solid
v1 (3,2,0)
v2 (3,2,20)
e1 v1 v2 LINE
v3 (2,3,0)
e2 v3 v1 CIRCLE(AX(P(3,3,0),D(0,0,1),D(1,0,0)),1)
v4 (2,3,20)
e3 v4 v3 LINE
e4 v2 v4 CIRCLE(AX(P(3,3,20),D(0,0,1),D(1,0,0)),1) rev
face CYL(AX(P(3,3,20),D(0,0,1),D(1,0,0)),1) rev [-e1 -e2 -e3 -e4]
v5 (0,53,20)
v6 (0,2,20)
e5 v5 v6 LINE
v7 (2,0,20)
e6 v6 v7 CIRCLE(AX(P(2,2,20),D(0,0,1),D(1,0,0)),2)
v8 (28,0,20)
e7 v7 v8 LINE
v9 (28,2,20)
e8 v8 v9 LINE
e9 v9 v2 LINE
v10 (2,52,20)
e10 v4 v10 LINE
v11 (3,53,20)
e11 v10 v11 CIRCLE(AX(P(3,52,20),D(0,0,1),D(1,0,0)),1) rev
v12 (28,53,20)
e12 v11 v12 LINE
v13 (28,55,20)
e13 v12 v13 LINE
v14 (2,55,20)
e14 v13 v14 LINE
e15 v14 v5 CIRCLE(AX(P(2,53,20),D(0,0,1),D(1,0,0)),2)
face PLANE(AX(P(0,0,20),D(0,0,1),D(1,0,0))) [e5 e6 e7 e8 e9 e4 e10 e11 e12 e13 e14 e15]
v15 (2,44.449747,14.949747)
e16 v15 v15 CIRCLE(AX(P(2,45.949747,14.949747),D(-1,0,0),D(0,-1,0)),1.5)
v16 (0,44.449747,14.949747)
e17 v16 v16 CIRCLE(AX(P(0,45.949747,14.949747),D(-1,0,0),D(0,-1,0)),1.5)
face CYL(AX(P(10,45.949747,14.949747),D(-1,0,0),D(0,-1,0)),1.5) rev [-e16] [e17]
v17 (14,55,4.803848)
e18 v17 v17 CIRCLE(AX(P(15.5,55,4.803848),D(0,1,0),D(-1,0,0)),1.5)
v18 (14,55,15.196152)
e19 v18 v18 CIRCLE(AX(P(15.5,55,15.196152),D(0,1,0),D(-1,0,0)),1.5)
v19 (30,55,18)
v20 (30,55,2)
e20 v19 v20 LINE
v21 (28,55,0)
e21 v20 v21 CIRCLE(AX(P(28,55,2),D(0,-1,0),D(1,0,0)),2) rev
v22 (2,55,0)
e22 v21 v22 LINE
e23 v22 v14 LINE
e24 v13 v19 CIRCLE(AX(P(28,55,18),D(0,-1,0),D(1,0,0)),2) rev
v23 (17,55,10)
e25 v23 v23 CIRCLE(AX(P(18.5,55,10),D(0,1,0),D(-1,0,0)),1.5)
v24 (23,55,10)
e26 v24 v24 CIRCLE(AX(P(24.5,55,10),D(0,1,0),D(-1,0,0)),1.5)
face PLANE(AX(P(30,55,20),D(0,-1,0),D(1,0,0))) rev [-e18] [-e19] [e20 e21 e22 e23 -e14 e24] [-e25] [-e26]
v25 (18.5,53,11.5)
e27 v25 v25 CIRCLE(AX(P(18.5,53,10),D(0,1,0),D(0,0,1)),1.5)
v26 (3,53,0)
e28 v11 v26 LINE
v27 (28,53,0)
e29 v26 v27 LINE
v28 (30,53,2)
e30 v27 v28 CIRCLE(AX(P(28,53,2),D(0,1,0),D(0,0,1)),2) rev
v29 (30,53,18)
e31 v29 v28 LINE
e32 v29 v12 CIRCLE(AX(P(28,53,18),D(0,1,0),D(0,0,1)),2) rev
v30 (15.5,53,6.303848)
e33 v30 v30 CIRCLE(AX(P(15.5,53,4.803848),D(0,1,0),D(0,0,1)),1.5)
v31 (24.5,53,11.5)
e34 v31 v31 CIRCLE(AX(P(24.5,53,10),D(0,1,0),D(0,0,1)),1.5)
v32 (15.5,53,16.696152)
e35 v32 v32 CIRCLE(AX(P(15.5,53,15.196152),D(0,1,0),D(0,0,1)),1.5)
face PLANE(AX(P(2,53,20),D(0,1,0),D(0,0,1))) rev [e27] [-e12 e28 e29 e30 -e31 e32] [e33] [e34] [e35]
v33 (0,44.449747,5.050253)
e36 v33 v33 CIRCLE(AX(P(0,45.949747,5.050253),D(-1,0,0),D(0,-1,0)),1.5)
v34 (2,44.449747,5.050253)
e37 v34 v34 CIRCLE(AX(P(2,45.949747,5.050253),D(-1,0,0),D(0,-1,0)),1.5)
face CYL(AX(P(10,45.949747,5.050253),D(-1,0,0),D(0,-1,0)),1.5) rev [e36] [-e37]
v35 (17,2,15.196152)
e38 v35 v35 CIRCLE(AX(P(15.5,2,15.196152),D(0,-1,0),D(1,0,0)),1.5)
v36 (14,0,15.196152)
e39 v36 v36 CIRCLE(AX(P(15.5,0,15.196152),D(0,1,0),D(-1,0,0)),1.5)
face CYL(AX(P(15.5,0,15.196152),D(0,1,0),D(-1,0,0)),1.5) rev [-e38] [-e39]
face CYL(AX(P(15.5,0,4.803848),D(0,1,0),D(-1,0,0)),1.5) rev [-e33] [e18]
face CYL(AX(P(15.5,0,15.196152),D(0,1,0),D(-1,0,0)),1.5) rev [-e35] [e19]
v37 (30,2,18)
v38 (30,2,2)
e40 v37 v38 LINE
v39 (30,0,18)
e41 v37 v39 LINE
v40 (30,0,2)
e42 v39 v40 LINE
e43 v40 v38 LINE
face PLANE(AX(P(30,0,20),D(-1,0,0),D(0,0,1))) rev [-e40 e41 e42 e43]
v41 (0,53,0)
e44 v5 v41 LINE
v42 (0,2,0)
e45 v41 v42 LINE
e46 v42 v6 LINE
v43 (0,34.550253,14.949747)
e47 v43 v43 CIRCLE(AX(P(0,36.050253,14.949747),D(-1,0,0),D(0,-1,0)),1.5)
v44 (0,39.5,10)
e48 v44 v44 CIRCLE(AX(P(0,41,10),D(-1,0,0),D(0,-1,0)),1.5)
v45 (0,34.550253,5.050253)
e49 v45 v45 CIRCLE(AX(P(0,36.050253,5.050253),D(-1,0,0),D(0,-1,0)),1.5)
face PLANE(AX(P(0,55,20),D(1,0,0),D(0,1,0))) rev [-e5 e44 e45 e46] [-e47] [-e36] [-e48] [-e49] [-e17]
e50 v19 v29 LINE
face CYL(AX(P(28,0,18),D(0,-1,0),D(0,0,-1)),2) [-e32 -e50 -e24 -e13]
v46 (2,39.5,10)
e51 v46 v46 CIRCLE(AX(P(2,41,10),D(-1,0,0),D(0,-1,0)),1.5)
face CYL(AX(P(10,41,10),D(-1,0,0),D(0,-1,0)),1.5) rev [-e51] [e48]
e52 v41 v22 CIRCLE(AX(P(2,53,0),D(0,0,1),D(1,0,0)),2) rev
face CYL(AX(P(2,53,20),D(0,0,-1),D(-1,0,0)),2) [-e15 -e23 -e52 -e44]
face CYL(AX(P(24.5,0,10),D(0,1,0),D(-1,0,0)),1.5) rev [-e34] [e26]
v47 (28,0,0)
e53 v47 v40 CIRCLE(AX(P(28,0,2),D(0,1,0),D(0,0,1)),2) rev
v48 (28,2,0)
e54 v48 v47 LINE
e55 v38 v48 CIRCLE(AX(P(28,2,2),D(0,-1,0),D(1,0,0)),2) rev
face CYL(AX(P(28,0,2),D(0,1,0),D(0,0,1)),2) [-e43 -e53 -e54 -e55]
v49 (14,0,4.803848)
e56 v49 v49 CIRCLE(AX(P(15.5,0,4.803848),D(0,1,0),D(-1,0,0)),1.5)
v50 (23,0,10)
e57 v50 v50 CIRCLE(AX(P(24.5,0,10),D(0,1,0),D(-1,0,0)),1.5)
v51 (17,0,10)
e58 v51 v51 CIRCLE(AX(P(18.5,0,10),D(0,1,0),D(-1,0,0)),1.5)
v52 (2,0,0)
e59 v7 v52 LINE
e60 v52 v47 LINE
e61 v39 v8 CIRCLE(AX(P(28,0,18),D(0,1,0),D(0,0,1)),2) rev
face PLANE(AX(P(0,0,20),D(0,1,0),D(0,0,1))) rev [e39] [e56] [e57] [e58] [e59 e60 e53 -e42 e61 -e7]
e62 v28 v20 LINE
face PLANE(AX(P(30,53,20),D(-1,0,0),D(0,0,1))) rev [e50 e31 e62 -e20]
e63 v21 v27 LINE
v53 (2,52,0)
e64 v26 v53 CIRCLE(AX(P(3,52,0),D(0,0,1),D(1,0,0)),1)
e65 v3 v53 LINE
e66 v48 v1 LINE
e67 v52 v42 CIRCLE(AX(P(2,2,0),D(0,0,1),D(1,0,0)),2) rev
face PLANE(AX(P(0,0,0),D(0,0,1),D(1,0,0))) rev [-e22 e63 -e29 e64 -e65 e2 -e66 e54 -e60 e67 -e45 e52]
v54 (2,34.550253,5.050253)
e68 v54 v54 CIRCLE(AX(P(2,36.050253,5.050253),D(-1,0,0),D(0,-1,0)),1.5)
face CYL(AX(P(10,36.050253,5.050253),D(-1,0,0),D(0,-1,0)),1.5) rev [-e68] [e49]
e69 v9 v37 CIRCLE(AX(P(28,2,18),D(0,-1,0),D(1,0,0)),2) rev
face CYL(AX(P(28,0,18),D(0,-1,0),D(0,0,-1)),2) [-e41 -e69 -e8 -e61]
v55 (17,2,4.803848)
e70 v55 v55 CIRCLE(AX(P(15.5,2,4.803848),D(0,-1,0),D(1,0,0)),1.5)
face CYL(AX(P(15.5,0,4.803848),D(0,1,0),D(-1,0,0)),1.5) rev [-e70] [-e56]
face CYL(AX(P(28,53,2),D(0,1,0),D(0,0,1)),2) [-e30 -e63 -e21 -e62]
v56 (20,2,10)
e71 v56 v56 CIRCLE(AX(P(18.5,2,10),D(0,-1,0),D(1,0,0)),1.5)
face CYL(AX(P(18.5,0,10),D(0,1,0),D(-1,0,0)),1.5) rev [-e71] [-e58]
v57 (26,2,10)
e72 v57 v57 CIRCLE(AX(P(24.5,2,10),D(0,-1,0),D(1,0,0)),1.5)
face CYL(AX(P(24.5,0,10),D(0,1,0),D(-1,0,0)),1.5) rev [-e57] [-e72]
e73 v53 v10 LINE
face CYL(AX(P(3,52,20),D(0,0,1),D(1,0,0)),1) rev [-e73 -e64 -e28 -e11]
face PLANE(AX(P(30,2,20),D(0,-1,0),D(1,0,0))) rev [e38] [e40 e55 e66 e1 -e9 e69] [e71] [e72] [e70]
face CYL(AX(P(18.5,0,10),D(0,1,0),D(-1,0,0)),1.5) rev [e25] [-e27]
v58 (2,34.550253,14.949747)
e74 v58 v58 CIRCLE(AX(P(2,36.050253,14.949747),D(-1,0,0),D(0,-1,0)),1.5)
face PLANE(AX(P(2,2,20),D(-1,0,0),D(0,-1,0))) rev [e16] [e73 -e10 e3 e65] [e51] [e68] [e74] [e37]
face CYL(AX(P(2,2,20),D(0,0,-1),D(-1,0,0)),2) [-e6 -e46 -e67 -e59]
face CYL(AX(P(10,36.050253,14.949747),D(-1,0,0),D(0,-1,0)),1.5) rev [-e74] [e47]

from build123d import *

# Parameters (mm, degrees)
EXTRUDE_1_DEPTH     = 20
SKETCH_2_R          = 1.5
CUT_EXTRUDE_1_DEPTH = 10
SKETCH_4_R          = 1.5
CUT_EXTRUDE_2_DEPTH = 66.76473219
FILLET_1_R          = 2
FILLET_2_R          = 1
FILLET_3_R          = 2


with BuildPart() as part:
    # 草图1 → 凸台-拉伸1 (new body)
    with BuildSketch(Plane.XY):
        Polygon((0, 0), (30, 0), (30, 2), (2, 2), (2, 53), (30, 53), (30, 55), (0, 55), align=None)
    extrude(amount=EXTRUDE_1_DEPTH)

    # 草图2 → 切除-拉伸1 (cut)
    with BuildSketch(Plane.ZY):
        with Locations(Location((10, 41, 0), (0, 0, 270))):
            Circle(SKETCH_2_R)
        with Locations(Location((5.050252532, 45.949747468, 0), (0, 0, 270))):
            Circle(SKETCH_2_R)
        with Locations(Location((14.949747468, 45.949747468, 0), (0, 0, 270))):
            Circle(SKETCH_2_R)
        with Locations(Location((14.949747468, 36.050252532, 0), (0, 0, 270))):
            Circle(SKETCH_2_R)
        with Locations(Location((5.050252532, 36.050252532, 0), (0, 0, 270))):
            Circle(SKETCH_2_R)
    extrude(amount=-CUT_EXTRUDE_1_DEPTH, mode=Mode.SUBTRACT)

    # 草图4 → 切除-拉伸2 (cut, through all)
    with BuildSketch(Plane(origin=(0, 55, 0), x_dir=(1, 0, 0), z_dir=(0, 1, 0))):
        with Locations(Location((18.5, -10, 0), (0, 0, 180))):
            Circle(SKETCH_4_R)
        with Locations(Location((24.5, -10, 0), (0, 0, 180))):
            Circle(SKETCH_4_R)
        with Locations(Location((15.5, -15.196152423, 0), (0, 0, 180))):
            Circle(SKETCH_4_R)
        with Locations(Location((15.5, -4.803847577, 0), (0, 0, 180))):
            Circle(SKETCH_4_R)
    extrude(amount=-CUT_EXTRUDE_2_DEPTH, mode=Mode.SUBTRACT)

    # 圆角1
    fillet_1_edges = [part.edges().sort_by_distance(p)[0] for p in [
        (0, 55, 10),
        (0, 0, 10),
    ]]
    fillet(fillet_1_edges, radius=FILLET_1_R)

    # 圆角2
    fillet_2_edges = [part.edges().sort_by_distance(p)[0] for p in [
        (2, 53, 10),
        (2, 2, 10),
    ]]
    fillet(fillet_2_edges, radius=FILLET_2_R)

    # 圆角3
    fillet_3_edges = [part.edges().sort_by_distance(p)[0] for p in [
        (30, 1, 0),
        (30, 1, 20),
        (30, 54, 20),
        (30, 54, 0),
    ]]
    fillet(fillet_3_edges, radius=FILLET_3_R)


solid = part.part
